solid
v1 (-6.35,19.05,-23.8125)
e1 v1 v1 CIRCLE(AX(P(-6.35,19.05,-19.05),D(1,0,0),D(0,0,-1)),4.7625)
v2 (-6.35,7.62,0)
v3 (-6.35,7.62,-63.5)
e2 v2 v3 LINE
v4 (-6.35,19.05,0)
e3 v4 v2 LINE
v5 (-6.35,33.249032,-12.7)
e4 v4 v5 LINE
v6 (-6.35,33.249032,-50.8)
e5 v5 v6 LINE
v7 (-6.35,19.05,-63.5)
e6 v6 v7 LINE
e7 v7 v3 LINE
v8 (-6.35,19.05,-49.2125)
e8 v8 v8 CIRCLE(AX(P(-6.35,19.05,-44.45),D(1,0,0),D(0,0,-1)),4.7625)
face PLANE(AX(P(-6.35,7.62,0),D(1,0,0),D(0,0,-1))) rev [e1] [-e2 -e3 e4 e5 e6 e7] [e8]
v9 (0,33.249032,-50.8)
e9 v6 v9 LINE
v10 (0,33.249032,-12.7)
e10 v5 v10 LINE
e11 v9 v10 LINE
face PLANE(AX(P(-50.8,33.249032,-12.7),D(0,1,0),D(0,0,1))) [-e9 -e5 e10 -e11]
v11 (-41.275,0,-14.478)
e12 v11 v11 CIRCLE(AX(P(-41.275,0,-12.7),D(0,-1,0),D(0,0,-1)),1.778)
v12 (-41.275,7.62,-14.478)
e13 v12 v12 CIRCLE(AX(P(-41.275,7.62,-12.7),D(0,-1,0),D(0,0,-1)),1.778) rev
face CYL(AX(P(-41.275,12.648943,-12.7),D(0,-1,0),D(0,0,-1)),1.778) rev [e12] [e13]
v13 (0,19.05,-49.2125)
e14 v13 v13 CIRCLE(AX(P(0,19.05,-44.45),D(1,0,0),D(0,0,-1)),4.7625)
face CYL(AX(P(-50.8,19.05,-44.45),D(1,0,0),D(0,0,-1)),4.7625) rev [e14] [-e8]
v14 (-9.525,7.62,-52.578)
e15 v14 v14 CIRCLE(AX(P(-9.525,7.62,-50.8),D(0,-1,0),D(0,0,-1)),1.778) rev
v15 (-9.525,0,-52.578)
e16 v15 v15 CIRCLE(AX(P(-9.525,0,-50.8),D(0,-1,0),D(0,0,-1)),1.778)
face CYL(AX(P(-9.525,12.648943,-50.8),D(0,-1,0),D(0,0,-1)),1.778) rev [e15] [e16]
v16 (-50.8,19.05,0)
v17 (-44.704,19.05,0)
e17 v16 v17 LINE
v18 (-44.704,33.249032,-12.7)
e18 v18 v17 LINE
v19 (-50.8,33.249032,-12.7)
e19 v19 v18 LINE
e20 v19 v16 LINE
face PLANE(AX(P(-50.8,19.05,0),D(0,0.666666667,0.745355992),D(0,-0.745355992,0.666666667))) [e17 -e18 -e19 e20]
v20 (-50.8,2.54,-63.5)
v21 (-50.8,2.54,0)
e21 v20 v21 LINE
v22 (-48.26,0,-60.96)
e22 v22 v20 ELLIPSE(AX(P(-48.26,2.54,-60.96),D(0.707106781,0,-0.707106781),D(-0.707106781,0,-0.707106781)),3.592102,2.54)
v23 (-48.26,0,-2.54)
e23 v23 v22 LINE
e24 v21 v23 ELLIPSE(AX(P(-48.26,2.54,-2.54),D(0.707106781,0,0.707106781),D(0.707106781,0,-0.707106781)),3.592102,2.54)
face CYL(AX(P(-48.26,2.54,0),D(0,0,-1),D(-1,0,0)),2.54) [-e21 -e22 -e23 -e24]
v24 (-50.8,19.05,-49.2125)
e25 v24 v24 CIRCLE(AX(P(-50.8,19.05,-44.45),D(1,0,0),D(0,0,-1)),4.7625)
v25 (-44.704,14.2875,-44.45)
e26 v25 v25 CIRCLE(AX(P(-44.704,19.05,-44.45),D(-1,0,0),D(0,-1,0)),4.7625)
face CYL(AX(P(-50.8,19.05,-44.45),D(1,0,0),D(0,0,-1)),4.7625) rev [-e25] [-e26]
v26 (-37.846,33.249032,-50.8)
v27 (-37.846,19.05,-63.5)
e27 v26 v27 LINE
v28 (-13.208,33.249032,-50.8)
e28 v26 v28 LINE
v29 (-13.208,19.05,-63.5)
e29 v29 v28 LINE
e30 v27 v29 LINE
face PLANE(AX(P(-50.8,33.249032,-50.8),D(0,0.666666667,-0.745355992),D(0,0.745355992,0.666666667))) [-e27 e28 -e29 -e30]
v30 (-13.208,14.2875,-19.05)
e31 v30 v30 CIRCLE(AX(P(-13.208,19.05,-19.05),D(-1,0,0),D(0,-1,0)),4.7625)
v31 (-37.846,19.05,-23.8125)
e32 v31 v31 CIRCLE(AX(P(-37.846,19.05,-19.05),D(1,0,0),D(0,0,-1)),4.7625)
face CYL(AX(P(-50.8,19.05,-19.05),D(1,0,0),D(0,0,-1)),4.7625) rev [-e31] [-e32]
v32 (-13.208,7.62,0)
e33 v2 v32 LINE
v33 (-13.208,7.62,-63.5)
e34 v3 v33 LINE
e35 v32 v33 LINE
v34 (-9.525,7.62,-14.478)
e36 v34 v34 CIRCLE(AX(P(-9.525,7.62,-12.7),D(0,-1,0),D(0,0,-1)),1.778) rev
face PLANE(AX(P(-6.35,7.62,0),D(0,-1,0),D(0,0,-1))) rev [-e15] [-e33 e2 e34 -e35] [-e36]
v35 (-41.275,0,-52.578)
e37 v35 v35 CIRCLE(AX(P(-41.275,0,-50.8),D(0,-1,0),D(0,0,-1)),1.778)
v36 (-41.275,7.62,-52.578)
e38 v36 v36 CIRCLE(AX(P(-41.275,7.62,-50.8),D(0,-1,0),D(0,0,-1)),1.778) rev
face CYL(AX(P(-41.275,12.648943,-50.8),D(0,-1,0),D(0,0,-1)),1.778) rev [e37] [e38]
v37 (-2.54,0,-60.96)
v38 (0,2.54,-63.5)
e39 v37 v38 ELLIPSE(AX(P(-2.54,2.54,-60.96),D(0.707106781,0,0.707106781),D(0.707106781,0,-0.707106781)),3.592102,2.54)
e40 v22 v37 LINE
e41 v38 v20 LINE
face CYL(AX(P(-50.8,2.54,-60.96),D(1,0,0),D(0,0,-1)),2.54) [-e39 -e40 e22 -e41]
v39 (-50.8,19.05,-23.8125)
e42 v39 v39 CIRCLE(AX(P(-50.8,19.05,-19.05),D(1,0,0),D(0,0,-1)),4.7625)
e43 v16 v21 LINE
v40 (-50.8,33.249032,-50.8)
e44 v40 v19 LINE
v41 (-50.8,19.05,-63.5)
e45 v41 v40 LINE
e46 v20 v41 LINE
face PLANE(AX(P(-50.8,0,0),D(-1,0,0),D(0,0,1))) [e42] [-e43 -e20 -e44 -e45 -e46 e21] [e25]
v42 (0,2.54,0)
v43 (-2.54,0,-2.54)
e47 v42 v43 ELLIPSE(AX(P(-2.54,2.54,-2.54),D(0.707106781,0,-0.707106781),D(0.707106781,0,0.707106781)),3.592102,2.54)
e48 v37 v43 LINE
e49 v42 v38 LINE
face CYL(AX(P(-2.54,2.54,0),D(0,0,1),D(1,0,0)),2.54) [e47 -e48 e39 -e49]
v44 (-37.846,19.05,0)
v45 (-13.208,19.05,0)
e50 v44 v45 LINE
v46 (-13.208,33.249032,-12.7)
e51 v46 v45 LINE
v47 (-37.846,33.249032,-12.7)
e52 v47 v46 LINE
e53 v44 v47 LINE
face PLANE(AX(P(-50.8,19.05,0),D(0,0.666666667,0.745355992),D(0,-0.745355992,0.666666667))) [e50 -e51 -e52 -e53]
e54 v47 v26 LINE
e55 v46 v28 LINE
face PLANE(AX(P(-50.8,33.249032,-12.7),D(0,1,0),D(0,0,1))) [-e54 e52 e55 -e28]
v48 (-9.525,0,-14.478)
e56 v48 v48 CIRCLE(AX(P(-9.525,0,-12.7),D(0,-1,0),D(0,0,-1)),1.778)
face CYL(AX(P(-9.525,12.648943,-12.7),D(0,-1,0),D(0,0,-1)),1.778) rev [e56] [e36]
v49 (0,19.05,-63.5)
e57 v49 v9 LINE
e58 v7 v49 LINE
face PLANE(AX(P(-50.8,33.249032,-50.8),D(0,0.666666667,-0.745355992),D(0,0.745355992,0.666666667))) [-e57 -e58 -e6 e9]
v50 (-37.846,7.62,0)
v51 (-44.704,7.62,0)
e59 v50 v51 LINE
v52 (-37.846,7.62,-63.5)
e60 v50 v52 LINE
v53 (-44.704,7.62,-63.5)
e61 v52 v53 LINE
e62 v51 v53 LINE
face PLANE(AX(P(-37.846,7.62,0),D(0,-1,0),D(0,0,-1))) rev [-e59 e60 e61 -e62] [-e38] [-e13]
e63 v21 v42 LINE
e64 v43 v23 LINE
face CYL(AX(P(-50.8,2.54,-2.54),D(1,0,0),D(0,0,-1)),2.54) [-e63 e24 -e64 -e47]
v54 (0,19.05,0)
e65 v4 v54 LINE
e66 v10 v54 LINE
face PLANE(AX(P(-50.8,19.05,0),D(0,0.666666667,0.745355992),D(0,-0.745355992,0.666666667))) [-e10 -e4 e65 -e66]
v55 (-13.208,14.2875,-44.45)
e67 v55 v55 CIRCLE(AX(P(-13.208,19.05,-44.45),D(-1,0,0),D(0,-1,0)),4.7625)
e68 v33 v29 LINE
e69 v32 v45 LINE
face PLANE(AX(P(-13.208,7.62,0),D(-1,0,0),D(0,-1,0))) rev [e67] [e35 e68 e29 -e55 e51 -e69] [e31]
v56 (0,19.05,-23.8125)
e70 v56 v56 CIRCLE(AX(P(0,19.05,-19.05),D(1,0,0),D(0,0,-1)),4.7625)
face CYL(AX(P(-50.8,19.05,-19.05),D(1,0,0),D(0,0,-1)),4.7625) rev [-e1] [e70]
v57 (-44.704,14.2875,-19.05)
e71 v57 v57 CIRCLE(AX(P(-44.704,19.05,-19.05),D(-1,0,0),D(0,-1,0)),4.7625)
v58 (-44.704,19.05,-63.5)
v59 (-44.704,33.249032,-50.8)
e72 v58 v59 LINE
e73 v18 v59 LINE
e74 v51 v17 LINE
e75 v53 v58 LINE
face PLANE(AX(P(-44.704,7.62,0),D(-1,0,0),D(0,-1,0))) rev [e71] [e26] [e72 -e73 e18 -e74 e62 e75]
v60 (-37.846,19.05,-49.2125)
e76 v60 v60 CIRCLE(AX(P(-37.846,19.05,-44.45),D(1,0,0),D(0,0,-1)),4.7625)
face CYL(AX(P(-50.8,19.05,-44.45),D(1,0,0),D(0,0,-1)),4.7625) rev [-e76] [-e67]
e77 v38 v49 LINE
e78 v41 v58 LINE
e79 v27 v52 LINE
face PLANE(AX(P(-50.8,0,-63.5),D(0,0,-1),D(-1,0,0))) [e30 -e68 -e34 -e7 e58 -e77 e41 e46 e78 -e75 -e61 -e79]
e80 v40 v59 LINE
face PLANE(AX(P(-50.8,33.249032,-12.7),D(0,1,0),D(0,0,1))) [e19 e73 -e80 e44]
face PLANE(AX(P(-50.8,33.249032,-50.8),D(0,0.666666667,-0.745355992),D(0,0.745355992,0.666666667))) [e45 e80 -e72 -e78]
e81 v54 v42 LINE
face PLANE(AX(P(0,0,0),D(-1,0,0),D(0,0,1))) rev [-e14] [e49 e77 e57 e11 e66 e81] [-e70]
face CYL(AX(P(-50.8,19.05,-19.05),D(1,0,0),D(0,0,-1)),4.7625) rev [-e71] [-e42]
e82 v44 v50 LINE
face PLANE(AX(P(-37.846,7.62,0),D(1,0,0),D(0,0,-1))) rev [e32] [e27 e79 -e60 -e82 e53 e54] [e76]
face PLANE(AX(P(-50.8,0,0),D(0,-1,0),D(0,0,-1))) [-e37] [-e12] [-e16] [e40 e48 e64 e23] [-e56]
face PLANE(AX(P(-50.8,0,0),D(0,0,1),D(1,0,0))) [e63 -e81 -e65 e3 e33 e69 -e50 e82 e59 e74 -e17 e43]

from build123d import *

# Parameters (mm, degrees)
SKETCH1_W           = 63.5
SKETCH1_H           = 6.35
BOSS_EXTRUDE1_DEPTH = 50.8
BOSS_EXTRUDE2_DEPTH = 50.8
SKETCH10_W          = 6.858
SKETCH10_H          = 25.629031657
CUT_EXTRUDE1_DEPTH  = 88.854357354
LPATTERN3_COUNT     = 2
LPATTERN3_PITCH     = 31.496
SKETCH11_R          = 4.7625
CUT_EXTRUDE2_DEPTH  = 88.854357354
FILLET1_R           = 2.54
SKETCH19_R          = 1.778
CUT_EXTRUDE3_DEPTH  = 7.62


with BuildPart() as part:
    # Sketch1 → Boss-Extrude1 (new body)
    with BuildSketch(Plane(origin=(0, 0, 0), x_dir=(0, 0, -1), z_dir=(1, 0, 0))):
        with Locations((31.75, 3.175)):
            Rectangle(SKETCH1_W, SKETCH1_H)
    extrude(amount=-BOSS_EXTRUDE1_DEPTH)

    # Sketch2 → Boss-Extrude2 (add)
    with BuildSketch(Plane(origin=(0, 0, 0), x_dir=(0, 0, -1), z_dir=(1, 0, 0))):
        Polygon((0, 6.35), (0, 19.05), (12.7, 33.249031657), (50.8, 33.249031657), (63.5, 19.05), (63.5, 6.35), align=None)
    extrude(amount=-BOSS_EXTRUDE2_DEPTH)

    # Sketch10 → Cut-Extrude1 (cut, through all)
    with BuildSketch(Plane(origin=(0, 0, -63.5), x_dir=(-1, 0, 0), z_dir=(0, 0, -1))):
        with Locations((9.779, 20.434515829)):
            Rectangle(SKETCH10_W, SKETCH10_H)
    cut_extrude1 = extrude(amount=-CUT_EXTRUDE1_DEPTH, mode=Mode.SUBTRACT)

    # LPattern3: Cut-Extrude1 ×2
    with Locations(*[(-i * LPATTERN3_PITCH, 0, 0) for i in range(1, LPATTERN3_COUNT)]):
        add(cut_extrude1, mode=Mode.SUBTRACT)

    # Sketch11 → Cut-Extrude2 (cut, through all)
    with BuildSketch(Plane(origin=(0, 0, 0), x_dir=(0, 0, -1), z_dir=(1, 0, 0))):
        with Locations((19.05, 19.05)):
            Circle(SKETCH11_R)
        with Locations((44.45, 19.05)):
            Circle(SKETCH11_R)
    extrude(amount=-CUT_EXTRUDE2_DEPTH, mode=Mode.SUBTRACT)

    # Fillet1
    fillet1_edges = [part.edges().sort_by_distance(p)[0] for p in [
        (0, 0, -31.75),
        (-50.8, 0, -31.75),
        (-25.4, 0, -63.5),
        (-25.4, 0, 0),
    ]]
    fillet(fillet1_edges, radius=FILLET1_R)

    # Sketch19 → Cut-Extrude3 (cut)
    with BuildSketch(Plane.XZ):
        with Locations(Location((-9.525, -50.8, 0), (0, 0, 270))):
            Circle(SKETCH19_R)
        with Locations(Location((-41.275, -50.8, 0), (0, 0, 270))):
            Circle(SKETCH19_R)
        with Locations(Location((-41.275, -12.7, 0), (0, 0, 270))):
            Circle(SKETCH19_R)
        with Locations(Location((-9.525, -12.7, 0), (0, 0, 270))):
            Circle(SKETCH19_R)
    extrude(amount=-CUT_EXTRUDE3_DEPTH, mode=Mode.SUBTRACT)


solid = part.part
